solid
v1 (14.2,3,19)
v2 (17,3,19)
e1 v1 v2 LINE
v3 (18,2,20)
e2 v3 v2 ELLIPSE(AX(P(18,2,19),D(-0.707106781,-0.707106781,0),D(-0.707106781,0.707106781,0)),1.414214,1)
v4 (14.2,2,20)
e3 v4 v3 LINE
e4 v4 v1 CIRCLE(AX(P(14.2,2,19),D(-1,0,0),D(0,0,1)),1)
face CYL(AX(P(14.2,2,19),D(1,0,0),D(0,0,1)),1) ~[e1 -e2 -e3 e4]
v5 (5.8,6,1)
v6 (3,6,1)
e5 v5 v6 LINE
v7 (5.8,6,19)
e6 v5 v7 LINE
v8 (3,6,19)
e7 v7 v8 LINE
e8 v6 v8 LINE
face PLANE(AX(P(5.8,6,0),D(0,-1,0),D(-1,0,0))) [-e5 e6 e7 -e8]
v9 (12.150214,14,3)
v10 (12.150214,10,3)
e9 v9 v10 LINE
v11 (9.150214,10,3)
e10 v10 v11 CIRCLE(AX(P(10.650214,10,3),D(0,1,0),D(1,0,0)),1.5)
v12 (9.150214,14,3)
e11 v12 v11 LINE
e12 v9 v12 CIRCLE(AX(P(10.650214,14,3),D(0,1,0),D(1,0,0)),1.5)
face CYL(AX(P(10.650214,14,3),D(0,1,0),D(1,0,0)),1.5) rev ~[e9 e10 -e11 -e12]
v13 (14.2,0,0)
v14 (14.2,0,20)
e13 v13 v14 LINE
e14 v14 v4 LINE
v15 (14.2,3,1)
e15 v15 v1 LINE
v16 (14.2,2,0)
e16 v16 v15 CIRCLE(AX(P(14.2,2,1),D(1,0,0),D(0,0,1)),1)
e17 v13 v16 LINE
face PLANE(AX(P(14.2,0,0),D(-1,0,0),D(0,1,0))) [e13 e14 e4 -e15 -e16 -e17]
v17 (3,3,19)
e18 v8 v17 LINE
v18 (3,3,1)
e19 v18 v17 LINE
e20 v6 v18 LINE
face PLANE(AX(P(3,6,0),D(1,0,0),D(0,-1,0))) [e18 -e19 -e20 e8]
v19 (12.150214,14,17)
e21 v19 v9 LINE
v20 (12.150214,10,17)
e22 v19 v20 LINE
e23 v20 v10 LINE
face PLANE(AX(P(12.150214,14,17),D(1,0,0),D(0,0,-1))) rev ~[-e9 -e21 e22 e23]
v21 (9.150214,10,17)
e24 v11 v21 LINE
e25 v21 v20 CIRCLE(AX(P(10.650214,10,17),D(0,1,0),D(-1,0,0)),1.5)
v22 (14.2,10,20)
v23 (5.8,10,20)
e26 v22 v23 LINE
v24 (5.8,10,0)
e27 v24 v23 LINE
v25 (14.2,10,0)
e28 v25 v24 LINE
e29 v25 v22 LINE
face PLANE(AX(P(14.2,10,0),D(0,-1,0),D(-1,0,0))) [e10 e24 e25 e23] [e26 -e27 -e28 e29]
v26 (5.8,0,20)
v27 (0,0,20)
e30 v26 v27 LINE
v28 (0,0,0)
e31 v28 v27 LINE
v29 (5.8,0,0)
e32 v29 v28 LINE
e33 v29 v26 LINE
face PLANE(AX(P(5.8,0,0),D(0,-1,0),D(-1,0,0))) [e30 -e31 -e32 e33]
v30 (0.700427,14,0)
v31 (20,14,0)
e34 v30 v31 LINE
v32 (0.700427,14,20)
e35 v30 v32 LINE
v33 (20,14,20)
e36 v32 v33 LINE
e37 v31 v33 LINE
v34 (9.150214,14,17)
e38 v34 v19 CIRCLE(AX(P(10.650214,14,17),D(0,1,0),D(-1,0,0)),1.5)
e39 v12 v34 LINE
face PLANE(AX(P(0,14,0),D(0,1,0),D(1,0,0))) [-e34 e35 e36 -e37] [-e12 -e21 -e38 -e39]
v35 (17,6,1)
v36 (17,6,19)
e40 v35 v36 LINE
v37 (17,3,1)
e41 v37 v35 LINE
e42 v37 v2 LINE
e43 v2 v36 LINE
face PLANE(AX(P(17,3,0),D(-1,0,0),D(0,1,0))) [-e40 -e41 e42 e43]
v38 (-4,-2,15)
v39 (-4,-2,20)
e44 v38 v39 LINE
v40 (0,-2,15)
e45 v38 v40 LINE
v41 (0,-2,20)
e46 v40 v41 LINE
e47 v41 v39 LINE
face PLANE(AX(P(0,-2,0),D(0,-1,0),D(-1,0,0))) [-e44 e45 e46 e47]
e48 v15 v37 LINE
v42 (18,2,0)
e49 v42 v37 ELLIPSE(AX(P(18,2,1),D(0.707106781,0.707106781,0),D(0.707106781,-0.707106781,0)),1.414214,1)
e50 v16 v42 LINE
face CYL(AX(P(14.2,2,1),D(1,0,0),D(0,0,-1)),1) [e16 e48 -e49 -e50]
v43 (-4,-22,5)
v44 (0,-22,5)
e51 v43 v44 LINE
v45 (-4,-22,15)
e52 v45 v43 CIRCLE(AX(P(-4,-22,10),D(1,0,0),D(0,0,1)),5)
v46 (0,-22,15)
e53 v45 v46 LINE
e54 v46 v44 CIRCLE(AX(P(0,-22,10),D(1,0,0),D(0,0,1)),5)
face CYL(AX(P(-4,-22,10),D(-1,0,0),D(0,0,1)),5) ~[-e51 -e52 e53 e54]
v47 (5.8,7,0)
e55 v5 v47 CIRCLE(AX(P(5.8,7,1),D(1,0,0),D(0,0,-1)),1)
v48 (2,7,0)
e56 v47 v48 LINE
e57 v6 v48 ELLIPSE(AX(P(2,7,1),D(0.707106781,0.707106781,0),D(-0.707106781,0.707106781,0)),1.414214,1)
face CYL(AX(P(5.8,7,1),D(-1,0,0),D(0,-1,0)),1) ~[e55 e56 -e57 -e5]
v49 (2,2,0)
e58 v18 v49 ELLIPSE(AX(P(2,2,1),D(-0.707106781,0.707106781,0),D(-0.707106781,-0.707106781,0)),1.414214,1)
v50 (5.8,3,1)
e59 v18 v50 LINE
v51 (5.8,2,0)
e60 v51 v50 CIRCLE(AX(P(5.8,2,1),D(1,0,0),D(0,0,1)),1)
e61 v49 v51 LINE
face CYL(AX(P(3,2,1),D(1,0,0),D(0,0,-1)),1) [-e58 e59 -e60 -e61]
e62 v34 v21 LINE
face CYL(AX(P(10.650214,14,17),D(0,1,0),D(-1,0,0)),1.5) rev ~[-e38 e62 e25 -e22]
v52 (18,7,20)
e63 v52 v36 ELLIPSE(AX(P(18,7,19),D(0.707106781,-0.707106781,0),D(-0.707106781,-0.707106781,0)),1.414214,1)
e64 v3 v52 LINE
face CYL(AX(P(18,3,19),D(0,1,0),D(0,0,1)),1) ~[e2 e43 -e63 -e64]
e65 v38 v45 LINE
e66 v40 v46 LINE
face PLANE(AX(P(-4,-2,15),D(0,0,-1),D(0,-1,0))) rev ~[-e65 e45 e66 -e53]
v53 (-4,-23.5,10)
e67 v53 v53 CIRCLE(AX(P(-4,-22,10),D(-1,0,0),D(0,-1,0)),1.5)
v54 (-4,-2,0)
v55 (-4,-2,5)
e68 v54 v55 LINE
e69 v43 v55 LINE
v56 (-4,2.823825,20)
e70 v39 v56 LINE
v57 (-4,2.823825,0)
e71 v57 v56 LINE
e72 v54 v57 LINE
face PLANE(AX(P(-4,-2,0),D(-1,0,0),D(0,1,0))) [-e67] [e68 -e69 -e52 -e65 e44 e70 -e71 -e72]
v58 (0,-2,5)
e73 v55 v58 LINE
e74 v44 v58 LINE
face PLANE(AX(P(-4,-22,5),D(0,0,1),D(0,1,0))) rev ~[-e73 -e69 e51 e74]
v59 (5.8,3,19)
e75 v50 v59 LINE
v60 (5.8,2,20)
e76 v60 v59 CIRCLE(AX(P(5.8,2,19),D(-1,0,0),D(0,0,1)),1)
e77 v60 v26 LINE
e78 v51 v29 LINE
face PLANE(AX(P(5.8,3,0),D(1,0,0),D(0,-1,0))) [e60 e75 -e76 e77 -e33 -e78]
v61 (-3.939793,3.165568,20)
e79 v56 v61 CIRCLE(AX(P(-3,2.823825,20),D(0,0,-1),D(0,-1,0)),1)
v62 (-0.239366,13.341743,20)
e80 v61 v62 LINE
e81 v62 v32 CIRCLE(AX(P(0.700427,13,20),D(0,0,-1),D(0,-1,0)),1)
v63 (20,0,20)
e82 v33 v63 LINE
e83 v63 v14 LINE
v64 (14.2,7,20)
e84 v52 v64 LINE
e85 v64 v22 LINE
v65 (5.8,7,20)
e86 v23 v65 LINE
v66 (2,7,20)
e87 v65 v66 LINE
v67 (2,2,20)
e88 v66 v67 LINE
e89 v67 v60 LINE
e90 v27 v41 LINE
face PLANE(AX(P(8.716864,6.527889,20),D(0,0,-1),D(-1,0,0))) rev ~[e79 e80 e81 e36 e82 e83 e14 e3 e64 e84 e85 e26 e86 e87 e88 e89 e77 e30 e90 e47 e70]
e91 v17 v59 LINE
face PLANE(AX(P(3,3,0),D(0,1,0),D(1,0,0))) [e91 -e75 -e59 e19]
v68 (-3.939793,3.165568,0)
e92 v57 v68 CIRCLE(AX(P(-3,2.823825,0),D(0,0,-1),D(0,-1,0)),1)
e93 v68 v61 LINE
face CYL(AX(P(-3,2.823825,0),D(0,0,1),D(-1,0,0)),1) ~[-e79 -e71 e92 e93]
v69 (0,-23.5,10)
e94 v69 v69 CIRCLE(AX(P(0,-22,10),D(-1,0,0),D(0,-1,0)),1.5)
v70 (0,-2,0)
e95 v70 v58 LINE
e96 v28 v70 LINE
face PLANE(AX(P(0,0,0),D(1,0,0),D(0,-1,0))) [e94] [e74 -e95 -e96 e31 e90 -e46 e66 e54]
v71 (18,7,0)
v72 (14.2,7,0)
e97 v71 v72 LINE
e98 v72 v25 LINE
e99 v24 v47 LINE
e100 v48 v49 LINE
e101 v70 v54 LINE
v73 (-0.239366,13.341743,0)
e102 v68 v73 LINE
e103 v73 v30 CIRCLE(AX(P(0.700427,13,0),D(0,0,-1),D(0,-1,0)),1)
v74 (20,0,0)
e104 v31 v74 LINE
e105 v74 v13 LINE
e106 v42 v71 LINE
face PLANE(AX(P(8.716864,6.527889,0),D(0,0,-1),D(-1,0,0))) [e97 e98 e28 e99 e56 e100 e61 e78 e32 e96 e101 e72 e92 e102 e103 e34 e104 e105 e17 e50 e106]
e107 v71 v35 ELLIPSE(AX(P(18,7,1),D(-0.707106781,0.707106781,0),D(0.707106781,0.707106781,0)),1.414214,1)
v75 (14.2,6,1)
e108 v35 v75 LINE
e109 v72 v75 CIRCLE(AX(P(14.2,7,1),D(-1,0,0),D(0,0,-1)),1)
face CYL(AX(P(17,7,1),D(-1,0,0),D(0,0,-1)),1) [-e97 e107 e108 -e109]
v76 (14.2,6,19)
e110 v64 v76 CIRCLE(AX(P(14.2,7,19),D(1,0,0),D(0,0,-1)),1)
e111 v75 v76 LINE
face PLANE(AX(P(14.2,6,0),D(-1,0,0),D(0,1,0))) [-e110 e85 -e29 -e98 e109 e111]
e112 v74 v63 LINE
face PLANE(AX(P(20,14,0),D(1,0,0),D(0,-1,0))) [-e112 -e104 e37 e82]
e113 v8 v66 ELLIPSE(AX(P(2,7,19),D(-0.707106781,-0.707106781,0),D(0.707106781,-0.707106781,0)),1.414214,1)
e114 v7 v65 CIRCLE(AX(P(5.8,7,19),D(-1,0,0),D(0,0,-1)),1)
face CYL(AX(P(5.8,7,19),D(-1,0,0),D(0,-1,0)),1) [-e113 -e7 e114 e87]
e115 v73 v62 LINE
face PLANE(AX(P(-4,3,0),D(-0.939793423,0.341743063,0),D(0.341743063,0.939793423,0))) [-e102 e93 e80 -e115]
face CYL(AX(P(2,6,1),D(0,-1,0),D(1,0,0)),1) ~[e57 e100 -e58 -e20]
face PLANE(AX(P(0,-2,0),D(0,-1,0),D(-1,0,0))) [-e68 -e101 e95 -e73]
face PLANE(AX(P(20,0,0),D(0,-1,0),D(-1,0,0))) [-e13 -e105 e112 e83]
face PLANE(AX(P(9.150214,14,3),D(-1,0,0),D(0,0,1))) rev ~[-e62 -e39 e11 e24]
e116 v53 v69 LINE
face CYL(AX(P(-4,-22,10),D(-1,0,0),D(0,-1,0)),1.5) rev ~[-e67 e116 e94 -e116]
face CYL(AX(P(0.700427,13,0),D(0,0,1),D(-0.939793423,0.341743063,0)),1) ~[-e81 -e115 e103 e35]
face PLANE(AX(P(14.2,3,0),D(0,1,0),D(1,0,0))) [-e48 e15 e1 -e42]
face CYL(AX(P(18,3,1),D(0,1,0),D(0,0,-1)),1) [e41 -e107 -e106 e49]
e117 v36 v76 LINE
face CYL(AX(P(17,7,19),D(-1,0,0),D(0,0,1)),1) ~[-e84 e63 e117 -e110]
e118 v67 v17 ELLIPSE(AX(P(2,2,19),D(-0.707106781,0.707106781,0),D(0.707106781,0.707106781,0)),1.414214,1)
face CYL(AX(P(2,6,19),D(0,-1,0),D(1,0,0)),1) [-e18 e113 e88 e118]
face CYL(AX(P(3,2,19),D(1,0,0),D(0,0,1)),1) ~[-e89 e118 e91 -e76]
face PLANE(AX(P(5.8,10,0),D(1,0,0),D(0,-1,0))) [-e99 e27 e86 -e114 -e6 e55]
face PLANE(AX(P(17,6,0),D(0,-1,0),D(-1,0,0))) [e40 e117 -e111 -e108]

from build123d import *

# Parameters (mm, degrees)
EXTRUDE_1_DEPTH     = 20
SKETCH_2_R          = 1.5
EXTRUDE_2_DEPTH     = 4
FILLET_6_R          = 1
CUT_EXTRUDE_1_REACH = 51.81


with BuildPart() as part:
    # 草图1 → 凸台-拉伸1 (new body)
    with BuildSketch(Plane.XY):
        Polygon((5.8, 6), (3, 6), (3, 3), (5.8, 3), (5.8, 0), (0, 0), (0, -2), (-4, -2), (-4, 3), (0, 14), (20, 14), (20, 0), (14.2, 0), (14.2, 3), (17, 3), (17, 6), (14.2, 6), (14.2, 10), (5.8, 10), align=None)
    extrude(amount=EXTRUDE_1_DEPTH)

    # 草图2 → 凸台-拉伸2 (add)
    with BuildSketch(Plane.ZY.offset(4)):
        with BuildLine():
            Line((5, -2), (15, -2))
            Line((15, -2), (15, -22))
            ThreePointArc((15, -22), (10, -27), (5, -22))
            Line((5, -22), (5, -2))
        make_face()
        with Locations(Location((10, -22, 0), (0, 0, 270))):
            Circle(SKETCH_2_R, mode=Mode.SUBTRACT)
    extrude(amount=-EXTRUDE_2_DEPTH)

    # 圆角6
    fillet_6_edges = [part.edges().sort_by_distance(p)[0] for p in [
        (4.4, 3, 20),
        (3, 4.5, 20),
        (15.6, 3, 0),
        (17, 4.5, 0),
        (15.6, 6, 0),
        (4.4, 6, 0),
        (3, 4.5, 0),
        (4.4, 3, 0),
        (4.4, 6, 20),
        (-4, 3, 10),
        (0, 14, 10),
        (15.6, 6, 20),
        (17, 4.5, 20),
        (15.6, 3, 20),
    ]]
    fillet(fillet_6_edges, radius=FILLET_6_R)

    # 草图3 → 切除-拉伸1 (cut, up to next)
    with BuildSketch(Plane(origin=(0, 14, 0), x_dir=(1, 0, 0), z_dir=(0, 1, 0)), mode=Mode.PRIVATE) as cut_extrude_1_sk1:
        with BuildLine():
            Line((9.150213632, -3), (9.150213632, -17))
            ThreePointArc((9.150213632, -17), (10.650213632, -18.5), (12.150213632, -17))
            Line((12.150213632, -17), (12.150213632, -3))
            ThreePointArc((12.150213632, -3), (10.650213632, -1.5), (9.150213632, -3))
        make_face()
    cut_extrude_1_tool1 = extrude(cut_extrude_1_sk1.sketch, amount=-CUT_EXTRUDE_1_REACH, mode=Mode.PRIVATE) & part.part
    add(cut_extrude_1_tool1.solids().sort_by_distance((10.650214, 14, 10))[0], mode=Mode.SUBTRACT)


solid = part.part
